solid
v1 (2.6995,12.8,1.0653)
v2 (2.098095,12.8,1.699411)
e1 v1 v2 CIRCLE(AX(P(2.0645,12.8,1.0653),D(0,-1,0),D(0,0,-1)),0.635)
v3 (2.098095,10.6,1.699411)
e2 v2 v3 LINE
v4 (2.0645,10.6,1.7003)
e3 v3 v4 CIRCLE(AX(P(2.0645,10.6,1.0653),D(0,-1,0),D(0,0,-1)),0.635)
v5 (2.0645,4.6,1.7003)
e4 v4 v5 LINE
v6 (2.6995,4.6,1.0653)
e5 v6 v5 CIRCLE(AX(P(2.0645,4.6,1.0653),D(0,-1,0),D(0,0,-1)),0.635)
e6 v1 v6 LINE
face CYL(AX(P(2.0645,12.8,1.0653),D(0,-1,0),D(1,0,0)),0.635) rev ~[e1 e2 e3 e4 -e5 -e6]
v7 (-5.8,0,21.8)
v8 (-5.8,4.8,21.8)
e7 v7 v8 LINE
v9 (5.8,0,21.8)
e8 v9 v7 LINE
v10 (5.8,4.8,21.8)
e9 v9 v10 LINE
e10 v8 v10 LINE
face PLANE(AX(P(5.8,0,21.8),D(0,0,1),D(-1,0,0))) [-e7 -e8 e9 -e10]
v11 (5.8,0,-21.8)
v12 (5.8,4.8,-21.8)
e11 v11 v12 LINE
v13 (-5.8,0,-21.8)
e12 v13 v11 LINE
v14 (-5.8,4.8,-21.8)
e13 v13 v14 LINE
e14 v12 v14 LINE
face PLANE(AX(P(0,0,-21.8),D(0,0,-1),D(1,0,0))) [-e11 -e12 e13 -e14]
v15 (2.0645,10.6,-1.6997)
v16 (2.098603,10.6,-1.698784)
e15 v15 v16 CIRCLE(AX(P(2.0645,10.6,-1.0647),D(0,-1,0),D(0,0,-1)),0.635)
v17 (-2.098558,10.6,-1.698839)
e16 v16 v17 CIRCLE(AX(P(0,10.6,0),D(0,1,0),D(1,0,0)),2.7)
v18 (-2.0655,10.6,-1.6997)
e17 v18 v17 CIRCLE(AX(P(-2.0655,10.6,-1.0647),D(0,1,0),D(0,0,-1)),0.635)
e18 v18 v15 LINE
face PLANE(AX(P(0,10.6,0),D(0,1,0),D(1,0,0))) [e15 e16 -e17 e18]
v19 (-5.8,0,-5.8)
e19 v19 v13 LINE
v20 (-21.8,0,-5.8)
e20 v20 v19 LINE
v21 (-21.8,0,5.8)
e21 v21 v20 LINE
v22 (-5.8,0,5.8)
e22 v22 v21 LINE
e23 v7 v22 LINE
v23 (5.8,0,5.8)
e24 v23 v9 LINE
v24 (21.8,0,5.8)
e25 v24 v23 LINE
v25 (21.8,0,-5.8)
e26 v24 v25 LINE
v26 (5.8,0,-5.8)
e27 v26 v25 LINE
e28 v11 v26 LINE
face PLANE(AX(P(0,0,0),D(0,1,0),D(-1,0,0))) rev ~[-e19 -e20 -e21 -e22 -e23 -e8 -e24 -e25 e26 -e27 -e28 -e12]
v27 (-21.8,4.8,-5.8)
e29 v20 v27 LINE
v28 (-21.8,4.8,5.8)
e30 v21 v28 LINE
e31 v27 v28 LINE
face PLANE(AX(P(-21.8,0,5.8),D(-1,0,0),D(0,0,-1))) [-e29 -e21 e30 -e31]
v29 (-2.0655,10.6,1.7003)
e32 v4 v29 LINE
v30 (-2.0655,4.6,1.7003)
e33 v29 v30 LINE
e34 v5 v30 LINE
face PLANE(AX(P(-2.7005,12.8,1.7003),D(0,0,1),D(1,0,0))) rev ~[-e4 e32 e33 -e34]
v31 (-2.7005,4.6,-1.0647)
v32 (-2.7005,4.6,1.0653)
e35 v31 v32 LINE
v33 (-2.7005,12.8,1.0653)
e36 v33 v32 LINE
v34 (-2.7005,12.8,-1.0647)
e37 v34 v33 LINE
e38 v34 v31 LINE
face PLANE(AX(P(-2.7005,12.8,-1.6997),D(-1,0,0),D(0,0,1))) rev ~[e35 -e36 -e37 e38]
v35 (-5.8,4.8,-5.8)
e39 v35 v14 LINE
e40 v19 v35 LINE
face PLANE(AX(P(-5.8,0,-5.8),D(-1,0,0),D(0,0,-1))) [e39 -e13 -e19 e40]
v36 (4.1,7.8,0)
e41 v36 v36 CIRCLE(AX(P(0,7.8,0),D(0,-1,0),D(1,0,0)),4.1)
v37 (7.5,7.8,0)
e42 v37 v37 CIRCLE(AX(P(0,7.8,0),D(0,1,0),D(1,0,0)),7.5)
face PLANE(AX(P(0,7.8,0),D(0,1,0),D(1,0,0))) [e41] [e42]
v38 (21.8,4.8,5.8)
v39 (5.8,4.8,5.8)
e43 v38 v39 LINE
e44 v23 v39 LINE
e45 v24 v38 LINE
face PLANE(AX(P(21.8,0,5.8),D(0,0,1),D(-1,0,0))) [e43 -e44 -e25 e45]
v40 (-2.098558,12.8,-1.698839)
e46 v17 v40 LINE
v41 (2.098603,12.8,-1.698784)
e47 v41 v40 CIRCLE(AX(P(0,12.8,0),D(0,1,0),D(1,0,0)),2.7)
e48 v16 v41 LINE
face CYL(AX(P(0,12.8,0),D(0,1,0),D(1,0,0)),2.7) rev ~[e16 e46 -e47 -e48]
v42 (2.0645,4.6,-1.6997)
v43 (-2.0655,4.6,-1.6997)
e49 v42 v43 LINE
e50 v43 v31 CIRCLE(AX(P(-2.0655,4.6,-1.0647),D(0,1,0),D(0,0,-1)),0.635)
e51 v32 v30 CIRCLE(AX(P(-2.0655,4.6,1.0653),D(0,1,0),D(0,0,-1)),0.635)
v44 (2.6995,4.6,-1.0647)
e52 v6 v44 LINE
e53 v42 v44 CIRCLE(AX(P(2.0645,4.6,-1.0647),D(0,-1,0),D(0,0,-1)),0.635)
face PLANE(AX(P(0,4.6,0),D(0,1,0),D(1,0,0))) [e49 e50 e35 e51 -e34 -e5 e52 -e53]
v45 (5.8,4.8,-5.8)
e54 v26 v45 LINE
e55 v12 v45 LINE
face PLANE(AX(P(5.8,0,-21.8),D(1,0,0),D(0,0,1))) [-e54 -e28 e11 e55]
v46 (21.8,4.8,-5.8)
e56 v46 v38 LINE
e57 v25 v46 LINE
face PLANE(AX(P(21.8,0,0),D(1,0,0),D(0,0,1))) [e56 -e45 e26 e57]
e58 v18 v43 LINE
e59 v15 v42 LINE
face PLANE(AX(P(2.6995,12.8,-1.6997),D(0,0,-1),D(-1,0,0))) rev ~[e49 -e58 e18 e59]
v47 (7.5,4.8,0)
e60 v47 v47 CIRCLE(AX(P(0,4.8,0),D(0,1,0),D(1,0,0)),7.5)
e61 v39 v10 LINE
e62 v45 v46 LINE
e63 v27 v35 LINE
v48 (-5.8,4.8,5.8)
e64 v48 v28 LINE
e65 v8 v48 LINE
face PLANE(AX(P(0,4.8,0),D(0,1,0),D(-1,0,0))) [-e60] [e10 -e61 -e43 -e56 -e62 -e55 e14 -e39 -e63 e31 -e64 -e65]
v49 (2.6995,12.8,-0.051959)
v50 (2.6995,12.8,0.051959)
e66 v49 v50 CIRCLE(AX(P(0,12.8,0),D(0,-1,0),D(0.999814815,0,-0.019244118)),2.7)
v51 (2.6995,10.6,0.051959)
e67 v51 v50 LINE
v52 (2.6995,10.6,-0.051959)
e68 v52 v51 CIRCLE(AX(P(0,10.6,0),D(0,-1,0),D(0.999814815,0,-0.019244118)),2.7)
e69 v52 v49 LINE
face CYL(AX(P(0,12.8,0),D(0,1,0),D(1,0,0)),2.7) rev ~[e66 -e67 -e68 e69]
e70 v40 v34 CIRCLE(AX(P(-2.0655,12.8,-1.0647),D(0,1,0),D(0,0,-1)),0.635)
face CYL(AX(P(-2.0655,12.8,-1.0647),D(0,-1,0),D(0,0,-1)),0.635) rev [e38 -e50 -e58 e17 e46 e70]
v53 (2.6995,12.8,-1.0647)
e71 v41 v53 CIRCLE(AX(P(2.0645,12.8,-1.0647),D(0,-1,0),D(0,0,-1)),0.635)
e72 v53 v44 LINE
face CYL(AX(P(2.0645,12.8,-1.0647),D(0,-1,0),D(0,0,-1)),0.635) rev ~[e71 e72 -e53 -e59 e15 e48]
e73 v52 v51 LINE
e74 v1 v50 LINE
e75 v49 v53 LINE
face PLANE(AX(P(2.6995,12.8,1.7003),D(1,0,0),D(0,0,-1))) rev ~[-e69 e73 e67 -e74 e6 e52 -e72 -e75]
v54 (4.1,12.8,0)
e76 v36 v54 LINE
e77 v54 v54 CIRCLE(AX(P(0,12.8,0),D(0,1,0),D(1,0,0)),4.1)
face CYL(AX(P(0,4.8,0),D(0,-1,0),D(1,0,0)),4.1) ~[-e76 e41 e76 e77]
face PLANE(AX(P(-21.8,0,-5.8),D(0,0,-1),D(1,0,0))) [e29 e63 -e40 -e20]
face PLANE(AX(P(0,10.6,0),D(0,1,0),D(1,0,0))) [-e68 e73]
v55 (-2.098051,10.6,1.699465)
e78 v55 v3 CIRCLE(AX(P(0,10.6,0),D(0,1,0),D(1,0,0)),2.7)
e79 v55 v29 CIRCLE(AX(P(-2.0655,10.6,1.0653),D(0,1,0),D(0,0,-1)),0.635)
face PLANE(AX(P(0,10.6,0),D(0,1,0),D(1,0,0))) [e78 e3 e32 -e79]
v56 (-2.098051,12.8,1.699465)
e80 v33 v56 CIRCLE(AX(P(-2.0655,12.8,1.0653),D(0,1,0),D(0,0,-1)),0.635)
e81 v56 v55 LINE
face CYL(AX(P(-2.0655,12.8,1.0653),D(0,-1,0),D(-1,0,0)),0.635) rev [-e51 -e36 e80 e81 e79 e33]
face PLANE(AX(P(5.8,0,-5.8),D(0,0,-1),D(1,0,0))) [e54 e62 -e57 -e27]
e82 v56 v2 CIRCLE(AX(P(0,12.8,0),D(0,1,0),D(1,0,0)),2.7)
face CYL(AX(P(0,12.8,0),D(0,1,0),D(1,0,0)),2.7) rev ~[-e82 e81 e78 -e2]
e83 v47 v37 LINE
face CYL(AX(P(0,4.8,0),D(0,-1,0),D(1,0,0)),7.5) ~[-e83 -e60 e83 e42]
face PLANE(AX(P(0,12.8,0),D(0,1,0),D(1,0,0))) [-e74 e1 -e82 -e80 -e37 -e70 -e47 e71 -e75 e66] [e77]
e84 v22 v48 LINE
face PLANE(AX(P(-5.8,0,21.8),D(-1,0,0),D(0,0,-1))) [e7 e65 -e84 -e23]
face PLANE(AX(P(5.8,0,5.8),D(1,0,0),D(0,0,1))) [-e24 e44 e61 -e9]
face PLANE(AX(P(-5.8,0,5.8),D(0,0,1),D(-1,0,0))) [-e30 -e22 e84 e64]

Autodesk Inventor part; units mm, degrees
ref_plane "YZ Plane" through (0, 0, 0) normal (1, 0, 0) x (0, 1, 0)
ref_plane "XZ Plane" through (0, 0, 0) normal (0, 1, 0) x (-1, 0, 0)
ref_plane "XY Plane" through (0, 0, 0) normal (0, 0, 1) x (1, 0, 0)
sketch "Sketch1" plane through (0, 0, 0) normal (0, 1, 0) x (-1, 0, 0)
  line L0 (0, 0) -> (0, 25)
  line L1 (0, 0) -> (-25, 0)
  line L2 (0, 0) -> (0, -25)
  line L3 (0, 0) -> (25, 0)
  line L4 (25, 0) -> (25, -9)
  line L5 (0, -25) -> (9, -25)
  line L6 (9, -25) -> (9, -9)
  line L7 (9, -9) -> (25, -9)
  line L8 (0, -25) -> (-9, -25)
  line L9 (-9, -25) -> (-9, -9)
  line L10 (-9, -9) -> (-25, -9)
  line L11 (-25, -9) -> (-25, 0)
  line L12 (-25, 0) -> (-25, 9)
  line L13 (-25, 9) -> (-9, 9)
  line L14 (-9, 9) -> (-9, 25)
  line L15 (-9, 25) -> (0, 25)
  line L16 (9, 25) -> (0, 25)
  line L17 (9, 25) -> (9, 9)
  line L18 (9, 9) -> (25, 9)
  line L19 (25, 9) -> (25, 0)
  line L20 (21.8, -5.8) -> (5.8, -5.8)
  line L21 (5.8, -5.8) -> (5.8, -21.8)
  line L22 (5.8, -21.8) -> (-5.8, -21.8)
  line L23 (-5.8, -21.8) -> (-5.8, -5.8)
  line L24 (-5.8, -5.8) -> (-21.8, -5.8)
  line L25 (-21.8, -5.8) -> (-21.8, 5.8)
  line L26 (-21.8, 5.8) -> (-5.8, 5.8)
  line L27 (-5.8, 5.8) -> (-5.8, 21.8)
  line L28 (-5.8, 21.8) -> (5.8, 21.8)
  line L29 (5.8, 21.8) -> (5.8, 5.8)
  line L30 (5.8, 5.8) -> (21.8, 5.8)
  line L31 (21.8, 5.8) -> (21.8, -5.8)
  dimension "d0" = 25
  dimension "d1" = 25
  dimension "d2" = 25
  dimension "d3" = 25
  dimension "d4" = 9
  dimension "d5" = 9
  dimension "d6" = 9
  dimension "d7" = 9
  dimension "d8" = 9
  dimension "d9" = 9
  dimension "d10" = 9
  dimension "d11" = 9
  dimension "d34" = 3.2
  dimension "d35" = 3.2
  dimension "d36" = 3.2
  dimension "d37" = 3.2
  dimension "d38" = 3.2
  dimension "d39" = 3.2
  dimension "d40" = 3.2
  dimension "d41" = 3.2
  dimension "d42" = 3.2
  dimension "d43" = 3.2
  dimension "d44" = 3.2
  dimension "d45" = 3.2
extrude "Extrusion1" add sketch "Sketch1" along normal blind 4.8 contours L1 L25 L26 L27 L28 L0 | L2 L22 L23 L24 L25 L1 | L3 L31 L20 L21 L22 L2 | L0 L28 L29 L30 L31 L3
sketch "Sketch3" plane through (0, 4.8, 0) normal (0, 1, 0) x (1, 0, 0)
  circle A0 centre (0, 0) radius 4.1
  dimension "d18" = 8.2
extrude "Extrusion3" add sketch "Sketch3" along normal blind 8
sketch "Sketch6" plane through (0, 4.8, 0) normal (0, 1, 0) x (1, 0, 0)
  circle A0 centre (0, 0) radius 7.5
  dimension "d31" = 15
extrude "Extrusion6" add sketch "Sketch6" along normal blind 3
sketch "Sketch4" plane through (0, 12.8, 0) normal (0, 1, 0) x (1, 0, 0)
  line L0 (-0.0005, -0.0003) -> (-0.0005, -1.7003)
  line L1 (-0.0005, -1.7003) -> (2.6995, -1.7003)
  line L2 (2.6995, -1.7003) -> (2.6995, 1.6997)
  line L3 (2.6995, 1.6997) -> (-2.7005, 1.6997)
  line L4 (-2.7005, 1.6997) -> (-2.7005, -1.7003)
  line L5 (-2.7005, -1.7003) -> (-0.0005, -1.7003)
  point P0 (0, 0)
  dimension "d21" = 1.7
  dimension "d22" = 2.7
  dimension "d23" = 3.4
  dimension "d24" = 5.4
extrude "Extrusion4" cut sketch "Sketch4" against normal blind 8.2
sketch "Sketch5" plane through (0, 12.8, 0) normal (0, 1, 0) x (1, 0, 0)
  circle A0 centre (0, 0) radius 2.7
  dimension "d27" = 5.4
extrude "Extrusion5" cut sketch "Sketch5" against normal blind 2.2
fillet "Fillet1" radius 0.635 4 edges at (-2.7005, 8.7, -1.6997) (-2.7005, 8.7, 1.7003) (2.6995, 8.7, -1.6997) (2.6995, 8.7, 1.7003)
equation "\"d5\" = d4"
equation "\"d6\" = d4"
equation "\"d7\" = d4"
equation "\"d35\" = d34"
equation "\"d36\" = d34"
equation "\"d37\" = d34"
equation "\"d38\" = d34"
equation "\"d39\" = d34"
equation "\"d40\" = d34"
equation "\"d41\" = d34"
equation "\"d42\" = d34"
equation "\"d44\" = d34"
equation "\"d21\" = 0.5 * d23"
properties part number "Motor_Key_Cross"
